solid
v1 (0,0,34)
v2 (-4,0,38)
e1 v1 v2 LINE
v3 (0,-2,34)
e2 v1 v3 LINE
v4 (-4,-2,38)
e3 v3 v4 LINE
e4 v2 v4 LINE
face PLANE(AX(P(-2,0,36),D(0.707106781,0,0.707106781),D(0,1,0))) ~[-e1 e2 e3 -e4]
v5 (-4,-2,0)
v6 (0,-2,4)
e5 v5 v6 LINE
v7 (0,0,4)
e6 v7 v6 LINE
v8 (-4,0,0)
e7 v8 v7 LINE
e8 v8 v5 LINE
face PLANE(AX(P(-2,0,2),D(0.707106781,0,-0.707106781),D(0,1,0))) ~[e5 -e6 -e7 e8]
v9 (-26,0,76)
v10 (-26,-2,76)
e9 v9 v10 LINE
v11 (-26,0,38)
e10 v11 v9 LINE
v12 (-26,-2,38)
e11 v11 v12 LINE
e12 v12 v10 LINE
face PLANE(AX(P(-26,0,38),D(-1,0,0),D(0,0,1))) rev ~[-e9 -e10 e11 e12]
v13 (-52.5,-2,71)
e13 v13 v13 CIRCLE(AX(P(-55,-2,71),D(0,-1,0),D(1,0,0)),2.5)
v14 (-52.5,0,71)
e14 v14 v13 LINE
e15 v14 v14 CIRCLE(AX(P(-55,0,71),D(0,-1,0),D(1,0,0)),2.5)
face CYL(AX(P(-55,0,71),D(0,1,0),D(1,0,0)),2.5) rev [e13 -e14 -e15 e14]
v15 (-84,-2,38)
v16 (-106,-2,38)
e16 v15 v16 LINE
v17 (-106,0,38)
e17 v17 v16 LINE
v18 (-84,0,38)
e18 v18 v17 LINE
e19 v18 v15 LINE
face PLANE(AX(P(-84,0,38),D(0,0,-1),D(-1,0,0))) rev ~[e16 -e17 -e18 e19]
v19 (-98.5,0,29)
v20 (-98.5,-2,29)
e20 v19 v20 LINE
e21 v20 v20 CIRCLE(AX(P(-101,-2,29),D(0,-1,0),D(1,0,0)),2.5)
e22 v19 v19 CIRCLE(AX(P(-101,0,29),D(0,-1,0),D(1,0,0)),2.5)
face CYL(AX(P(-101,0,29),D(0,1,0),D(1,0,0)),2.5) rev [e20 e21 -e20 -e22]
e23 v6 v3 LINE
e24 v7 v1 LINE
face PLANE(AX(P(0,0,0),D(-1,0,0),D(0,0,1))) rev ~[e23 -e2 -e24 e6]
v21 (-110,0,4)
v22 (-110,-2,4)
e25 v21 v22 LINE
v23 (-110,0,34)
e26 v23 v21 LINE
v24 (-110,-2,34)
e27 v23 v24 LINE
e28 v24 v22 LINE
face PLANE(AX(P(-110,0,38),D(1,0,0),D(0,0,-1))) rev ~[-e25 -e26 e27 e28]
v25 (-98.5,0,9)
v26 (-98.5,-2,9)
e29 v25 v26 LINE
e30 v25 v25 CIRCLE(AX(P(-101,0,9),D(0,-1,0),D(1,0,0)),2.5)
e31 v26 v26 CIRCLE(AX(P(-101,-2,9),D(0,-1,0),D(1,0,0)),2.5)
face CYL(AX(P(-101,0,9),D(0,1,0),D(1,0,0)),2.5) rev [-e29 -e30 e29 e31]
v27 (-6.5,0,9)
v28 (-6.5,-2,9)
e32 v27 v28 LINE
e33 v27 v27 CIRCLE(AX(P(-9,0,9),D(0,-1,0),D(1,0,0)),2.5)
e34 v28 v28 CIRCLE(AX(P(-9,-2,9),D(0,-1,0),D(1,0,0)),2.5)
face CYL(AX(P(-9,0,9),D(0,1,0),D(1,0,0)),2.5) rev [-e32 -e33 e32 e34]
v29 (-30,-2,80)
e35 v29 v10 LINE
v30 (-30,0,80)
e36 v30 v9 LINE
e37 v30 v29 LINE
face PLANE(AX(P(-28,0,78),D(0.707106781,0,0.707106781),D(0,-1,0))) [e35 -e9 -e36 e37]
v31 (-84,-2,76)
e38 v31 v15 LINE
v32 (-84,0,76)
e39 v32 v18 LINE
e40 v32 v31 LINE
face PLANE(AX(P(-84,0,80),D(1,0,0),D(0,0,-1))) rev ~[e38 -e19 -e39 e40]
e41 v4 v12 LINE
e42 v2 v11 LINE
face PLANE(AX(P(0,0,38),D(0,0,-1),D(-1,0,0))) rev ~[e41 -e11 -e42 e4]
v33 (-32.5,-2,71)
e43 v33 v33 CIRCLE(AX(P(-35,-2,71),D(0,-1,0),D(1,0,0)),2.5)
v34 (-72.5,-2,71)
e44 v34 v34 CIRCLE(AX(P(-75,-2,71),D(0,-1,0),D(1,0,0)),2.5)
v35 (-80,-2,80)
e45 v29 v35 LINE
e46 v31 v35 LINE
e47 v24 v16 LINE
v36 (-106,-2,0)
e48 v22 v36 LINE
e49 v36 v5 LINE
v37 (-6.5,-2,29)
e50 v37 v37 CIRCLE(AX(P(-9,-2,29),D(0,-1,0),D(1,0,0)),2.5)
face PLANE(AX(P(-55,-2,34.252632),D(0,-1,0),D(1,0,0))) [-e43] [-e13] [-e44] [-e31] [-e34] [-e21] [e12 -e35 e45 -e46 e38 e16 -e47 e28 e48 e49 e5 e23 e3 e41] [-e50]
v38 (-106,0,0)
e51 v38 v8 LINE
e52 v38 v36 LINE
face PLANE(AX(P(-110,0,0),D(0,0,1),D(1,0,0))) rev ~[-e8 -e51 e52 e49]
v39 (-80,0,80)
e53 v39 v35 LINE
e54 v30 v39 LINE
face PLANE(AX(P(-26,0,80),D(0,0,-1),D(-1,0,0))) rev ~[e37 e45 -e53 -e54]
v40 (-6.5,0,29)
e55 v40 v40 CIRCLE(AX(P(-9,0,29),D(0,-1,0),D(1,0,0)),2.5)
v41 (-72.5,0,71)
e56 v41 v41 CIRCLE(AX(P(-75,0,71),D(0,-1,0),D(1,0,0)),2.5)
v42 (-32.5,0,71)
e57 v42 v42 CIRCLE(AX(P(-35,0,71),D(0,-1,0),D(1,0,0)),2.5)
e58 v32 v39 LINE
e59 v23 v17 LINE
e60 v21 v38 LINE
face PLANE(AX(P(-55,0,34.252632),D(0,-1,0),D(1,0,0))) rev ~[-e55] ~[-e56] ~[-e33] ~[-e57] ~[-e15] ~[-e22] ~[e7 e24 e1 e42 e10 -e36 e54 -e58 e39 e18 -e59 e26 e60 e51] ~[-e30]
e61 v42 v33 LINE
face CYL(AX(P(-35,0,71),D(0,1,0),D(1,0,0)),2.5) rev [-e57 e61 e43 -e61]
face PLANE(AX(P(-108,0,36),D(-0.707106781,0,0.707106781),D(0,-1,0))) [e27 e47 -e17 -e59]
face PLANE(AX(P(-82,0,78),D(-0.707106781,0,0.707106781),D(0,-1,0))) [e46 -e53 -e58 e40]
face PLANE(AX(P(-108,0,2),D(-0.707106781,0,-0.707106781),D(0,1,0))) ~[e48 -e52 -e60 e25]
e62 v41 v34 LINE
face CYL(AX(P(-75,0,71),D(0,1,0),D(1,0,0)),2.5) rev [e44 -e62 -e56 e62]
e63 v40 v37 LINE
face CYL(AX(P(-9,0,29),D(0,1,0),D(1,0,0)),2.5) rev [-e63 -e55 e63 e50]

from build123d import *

# Parameters (mm, degrees)
F0_R     = 2.5
F1_DEPTH = 2
F2_SIZE  = 4


with BuildPart() as f1:
    # F0 (on Front) → F1 (new body)
    with BuildSketch(Plane.XZ):
        Polygon((-110, 38), (-110, 0), (0, 0), (0, 38), (-26, 38), (-26, 80), (-84, 80), (-84, 38), align=None)
        with Locations((-101, 9)):
            Circle(F0_R, mode=Mode.SUBTRACT)
        with Locations((-101, 29)):
            Circle(F0_R, mode=Mode.SUBTRACT)
        with Locations((-9, 9)):
            Circle(F0_R, mode=Mode.SUBTRACT)
        with Locations((-9, 29)):
            Circle(F0_R, mode=Mode.SUBTRACT)
        with Locations((-75, 71)):
            Circle(F0_R, mode=Mode.SUBTRACT)
        with Locations((-55, 71)):
            Circle(F0_R, mode=Mode.SUBTRACT)
        with Locations((-35, 71)):
            Circle(F0_R, mode=Mode.SUBTRACT)
    extrude(amount=F1_DEPTH)

    # F2
    f2_edges = [f1.edges().sort_by_distance(p)[0] for p in [
        (-26, -1, 80),
        (-84, -1, 80),
        (0, -1, 38),
        (-110, -1, 38),
        (0, -1, 0),
        (-110, -1, 0),
    ]]
    chamfer(f2_edges, length=F2_SIZE)


solid = f1.part
